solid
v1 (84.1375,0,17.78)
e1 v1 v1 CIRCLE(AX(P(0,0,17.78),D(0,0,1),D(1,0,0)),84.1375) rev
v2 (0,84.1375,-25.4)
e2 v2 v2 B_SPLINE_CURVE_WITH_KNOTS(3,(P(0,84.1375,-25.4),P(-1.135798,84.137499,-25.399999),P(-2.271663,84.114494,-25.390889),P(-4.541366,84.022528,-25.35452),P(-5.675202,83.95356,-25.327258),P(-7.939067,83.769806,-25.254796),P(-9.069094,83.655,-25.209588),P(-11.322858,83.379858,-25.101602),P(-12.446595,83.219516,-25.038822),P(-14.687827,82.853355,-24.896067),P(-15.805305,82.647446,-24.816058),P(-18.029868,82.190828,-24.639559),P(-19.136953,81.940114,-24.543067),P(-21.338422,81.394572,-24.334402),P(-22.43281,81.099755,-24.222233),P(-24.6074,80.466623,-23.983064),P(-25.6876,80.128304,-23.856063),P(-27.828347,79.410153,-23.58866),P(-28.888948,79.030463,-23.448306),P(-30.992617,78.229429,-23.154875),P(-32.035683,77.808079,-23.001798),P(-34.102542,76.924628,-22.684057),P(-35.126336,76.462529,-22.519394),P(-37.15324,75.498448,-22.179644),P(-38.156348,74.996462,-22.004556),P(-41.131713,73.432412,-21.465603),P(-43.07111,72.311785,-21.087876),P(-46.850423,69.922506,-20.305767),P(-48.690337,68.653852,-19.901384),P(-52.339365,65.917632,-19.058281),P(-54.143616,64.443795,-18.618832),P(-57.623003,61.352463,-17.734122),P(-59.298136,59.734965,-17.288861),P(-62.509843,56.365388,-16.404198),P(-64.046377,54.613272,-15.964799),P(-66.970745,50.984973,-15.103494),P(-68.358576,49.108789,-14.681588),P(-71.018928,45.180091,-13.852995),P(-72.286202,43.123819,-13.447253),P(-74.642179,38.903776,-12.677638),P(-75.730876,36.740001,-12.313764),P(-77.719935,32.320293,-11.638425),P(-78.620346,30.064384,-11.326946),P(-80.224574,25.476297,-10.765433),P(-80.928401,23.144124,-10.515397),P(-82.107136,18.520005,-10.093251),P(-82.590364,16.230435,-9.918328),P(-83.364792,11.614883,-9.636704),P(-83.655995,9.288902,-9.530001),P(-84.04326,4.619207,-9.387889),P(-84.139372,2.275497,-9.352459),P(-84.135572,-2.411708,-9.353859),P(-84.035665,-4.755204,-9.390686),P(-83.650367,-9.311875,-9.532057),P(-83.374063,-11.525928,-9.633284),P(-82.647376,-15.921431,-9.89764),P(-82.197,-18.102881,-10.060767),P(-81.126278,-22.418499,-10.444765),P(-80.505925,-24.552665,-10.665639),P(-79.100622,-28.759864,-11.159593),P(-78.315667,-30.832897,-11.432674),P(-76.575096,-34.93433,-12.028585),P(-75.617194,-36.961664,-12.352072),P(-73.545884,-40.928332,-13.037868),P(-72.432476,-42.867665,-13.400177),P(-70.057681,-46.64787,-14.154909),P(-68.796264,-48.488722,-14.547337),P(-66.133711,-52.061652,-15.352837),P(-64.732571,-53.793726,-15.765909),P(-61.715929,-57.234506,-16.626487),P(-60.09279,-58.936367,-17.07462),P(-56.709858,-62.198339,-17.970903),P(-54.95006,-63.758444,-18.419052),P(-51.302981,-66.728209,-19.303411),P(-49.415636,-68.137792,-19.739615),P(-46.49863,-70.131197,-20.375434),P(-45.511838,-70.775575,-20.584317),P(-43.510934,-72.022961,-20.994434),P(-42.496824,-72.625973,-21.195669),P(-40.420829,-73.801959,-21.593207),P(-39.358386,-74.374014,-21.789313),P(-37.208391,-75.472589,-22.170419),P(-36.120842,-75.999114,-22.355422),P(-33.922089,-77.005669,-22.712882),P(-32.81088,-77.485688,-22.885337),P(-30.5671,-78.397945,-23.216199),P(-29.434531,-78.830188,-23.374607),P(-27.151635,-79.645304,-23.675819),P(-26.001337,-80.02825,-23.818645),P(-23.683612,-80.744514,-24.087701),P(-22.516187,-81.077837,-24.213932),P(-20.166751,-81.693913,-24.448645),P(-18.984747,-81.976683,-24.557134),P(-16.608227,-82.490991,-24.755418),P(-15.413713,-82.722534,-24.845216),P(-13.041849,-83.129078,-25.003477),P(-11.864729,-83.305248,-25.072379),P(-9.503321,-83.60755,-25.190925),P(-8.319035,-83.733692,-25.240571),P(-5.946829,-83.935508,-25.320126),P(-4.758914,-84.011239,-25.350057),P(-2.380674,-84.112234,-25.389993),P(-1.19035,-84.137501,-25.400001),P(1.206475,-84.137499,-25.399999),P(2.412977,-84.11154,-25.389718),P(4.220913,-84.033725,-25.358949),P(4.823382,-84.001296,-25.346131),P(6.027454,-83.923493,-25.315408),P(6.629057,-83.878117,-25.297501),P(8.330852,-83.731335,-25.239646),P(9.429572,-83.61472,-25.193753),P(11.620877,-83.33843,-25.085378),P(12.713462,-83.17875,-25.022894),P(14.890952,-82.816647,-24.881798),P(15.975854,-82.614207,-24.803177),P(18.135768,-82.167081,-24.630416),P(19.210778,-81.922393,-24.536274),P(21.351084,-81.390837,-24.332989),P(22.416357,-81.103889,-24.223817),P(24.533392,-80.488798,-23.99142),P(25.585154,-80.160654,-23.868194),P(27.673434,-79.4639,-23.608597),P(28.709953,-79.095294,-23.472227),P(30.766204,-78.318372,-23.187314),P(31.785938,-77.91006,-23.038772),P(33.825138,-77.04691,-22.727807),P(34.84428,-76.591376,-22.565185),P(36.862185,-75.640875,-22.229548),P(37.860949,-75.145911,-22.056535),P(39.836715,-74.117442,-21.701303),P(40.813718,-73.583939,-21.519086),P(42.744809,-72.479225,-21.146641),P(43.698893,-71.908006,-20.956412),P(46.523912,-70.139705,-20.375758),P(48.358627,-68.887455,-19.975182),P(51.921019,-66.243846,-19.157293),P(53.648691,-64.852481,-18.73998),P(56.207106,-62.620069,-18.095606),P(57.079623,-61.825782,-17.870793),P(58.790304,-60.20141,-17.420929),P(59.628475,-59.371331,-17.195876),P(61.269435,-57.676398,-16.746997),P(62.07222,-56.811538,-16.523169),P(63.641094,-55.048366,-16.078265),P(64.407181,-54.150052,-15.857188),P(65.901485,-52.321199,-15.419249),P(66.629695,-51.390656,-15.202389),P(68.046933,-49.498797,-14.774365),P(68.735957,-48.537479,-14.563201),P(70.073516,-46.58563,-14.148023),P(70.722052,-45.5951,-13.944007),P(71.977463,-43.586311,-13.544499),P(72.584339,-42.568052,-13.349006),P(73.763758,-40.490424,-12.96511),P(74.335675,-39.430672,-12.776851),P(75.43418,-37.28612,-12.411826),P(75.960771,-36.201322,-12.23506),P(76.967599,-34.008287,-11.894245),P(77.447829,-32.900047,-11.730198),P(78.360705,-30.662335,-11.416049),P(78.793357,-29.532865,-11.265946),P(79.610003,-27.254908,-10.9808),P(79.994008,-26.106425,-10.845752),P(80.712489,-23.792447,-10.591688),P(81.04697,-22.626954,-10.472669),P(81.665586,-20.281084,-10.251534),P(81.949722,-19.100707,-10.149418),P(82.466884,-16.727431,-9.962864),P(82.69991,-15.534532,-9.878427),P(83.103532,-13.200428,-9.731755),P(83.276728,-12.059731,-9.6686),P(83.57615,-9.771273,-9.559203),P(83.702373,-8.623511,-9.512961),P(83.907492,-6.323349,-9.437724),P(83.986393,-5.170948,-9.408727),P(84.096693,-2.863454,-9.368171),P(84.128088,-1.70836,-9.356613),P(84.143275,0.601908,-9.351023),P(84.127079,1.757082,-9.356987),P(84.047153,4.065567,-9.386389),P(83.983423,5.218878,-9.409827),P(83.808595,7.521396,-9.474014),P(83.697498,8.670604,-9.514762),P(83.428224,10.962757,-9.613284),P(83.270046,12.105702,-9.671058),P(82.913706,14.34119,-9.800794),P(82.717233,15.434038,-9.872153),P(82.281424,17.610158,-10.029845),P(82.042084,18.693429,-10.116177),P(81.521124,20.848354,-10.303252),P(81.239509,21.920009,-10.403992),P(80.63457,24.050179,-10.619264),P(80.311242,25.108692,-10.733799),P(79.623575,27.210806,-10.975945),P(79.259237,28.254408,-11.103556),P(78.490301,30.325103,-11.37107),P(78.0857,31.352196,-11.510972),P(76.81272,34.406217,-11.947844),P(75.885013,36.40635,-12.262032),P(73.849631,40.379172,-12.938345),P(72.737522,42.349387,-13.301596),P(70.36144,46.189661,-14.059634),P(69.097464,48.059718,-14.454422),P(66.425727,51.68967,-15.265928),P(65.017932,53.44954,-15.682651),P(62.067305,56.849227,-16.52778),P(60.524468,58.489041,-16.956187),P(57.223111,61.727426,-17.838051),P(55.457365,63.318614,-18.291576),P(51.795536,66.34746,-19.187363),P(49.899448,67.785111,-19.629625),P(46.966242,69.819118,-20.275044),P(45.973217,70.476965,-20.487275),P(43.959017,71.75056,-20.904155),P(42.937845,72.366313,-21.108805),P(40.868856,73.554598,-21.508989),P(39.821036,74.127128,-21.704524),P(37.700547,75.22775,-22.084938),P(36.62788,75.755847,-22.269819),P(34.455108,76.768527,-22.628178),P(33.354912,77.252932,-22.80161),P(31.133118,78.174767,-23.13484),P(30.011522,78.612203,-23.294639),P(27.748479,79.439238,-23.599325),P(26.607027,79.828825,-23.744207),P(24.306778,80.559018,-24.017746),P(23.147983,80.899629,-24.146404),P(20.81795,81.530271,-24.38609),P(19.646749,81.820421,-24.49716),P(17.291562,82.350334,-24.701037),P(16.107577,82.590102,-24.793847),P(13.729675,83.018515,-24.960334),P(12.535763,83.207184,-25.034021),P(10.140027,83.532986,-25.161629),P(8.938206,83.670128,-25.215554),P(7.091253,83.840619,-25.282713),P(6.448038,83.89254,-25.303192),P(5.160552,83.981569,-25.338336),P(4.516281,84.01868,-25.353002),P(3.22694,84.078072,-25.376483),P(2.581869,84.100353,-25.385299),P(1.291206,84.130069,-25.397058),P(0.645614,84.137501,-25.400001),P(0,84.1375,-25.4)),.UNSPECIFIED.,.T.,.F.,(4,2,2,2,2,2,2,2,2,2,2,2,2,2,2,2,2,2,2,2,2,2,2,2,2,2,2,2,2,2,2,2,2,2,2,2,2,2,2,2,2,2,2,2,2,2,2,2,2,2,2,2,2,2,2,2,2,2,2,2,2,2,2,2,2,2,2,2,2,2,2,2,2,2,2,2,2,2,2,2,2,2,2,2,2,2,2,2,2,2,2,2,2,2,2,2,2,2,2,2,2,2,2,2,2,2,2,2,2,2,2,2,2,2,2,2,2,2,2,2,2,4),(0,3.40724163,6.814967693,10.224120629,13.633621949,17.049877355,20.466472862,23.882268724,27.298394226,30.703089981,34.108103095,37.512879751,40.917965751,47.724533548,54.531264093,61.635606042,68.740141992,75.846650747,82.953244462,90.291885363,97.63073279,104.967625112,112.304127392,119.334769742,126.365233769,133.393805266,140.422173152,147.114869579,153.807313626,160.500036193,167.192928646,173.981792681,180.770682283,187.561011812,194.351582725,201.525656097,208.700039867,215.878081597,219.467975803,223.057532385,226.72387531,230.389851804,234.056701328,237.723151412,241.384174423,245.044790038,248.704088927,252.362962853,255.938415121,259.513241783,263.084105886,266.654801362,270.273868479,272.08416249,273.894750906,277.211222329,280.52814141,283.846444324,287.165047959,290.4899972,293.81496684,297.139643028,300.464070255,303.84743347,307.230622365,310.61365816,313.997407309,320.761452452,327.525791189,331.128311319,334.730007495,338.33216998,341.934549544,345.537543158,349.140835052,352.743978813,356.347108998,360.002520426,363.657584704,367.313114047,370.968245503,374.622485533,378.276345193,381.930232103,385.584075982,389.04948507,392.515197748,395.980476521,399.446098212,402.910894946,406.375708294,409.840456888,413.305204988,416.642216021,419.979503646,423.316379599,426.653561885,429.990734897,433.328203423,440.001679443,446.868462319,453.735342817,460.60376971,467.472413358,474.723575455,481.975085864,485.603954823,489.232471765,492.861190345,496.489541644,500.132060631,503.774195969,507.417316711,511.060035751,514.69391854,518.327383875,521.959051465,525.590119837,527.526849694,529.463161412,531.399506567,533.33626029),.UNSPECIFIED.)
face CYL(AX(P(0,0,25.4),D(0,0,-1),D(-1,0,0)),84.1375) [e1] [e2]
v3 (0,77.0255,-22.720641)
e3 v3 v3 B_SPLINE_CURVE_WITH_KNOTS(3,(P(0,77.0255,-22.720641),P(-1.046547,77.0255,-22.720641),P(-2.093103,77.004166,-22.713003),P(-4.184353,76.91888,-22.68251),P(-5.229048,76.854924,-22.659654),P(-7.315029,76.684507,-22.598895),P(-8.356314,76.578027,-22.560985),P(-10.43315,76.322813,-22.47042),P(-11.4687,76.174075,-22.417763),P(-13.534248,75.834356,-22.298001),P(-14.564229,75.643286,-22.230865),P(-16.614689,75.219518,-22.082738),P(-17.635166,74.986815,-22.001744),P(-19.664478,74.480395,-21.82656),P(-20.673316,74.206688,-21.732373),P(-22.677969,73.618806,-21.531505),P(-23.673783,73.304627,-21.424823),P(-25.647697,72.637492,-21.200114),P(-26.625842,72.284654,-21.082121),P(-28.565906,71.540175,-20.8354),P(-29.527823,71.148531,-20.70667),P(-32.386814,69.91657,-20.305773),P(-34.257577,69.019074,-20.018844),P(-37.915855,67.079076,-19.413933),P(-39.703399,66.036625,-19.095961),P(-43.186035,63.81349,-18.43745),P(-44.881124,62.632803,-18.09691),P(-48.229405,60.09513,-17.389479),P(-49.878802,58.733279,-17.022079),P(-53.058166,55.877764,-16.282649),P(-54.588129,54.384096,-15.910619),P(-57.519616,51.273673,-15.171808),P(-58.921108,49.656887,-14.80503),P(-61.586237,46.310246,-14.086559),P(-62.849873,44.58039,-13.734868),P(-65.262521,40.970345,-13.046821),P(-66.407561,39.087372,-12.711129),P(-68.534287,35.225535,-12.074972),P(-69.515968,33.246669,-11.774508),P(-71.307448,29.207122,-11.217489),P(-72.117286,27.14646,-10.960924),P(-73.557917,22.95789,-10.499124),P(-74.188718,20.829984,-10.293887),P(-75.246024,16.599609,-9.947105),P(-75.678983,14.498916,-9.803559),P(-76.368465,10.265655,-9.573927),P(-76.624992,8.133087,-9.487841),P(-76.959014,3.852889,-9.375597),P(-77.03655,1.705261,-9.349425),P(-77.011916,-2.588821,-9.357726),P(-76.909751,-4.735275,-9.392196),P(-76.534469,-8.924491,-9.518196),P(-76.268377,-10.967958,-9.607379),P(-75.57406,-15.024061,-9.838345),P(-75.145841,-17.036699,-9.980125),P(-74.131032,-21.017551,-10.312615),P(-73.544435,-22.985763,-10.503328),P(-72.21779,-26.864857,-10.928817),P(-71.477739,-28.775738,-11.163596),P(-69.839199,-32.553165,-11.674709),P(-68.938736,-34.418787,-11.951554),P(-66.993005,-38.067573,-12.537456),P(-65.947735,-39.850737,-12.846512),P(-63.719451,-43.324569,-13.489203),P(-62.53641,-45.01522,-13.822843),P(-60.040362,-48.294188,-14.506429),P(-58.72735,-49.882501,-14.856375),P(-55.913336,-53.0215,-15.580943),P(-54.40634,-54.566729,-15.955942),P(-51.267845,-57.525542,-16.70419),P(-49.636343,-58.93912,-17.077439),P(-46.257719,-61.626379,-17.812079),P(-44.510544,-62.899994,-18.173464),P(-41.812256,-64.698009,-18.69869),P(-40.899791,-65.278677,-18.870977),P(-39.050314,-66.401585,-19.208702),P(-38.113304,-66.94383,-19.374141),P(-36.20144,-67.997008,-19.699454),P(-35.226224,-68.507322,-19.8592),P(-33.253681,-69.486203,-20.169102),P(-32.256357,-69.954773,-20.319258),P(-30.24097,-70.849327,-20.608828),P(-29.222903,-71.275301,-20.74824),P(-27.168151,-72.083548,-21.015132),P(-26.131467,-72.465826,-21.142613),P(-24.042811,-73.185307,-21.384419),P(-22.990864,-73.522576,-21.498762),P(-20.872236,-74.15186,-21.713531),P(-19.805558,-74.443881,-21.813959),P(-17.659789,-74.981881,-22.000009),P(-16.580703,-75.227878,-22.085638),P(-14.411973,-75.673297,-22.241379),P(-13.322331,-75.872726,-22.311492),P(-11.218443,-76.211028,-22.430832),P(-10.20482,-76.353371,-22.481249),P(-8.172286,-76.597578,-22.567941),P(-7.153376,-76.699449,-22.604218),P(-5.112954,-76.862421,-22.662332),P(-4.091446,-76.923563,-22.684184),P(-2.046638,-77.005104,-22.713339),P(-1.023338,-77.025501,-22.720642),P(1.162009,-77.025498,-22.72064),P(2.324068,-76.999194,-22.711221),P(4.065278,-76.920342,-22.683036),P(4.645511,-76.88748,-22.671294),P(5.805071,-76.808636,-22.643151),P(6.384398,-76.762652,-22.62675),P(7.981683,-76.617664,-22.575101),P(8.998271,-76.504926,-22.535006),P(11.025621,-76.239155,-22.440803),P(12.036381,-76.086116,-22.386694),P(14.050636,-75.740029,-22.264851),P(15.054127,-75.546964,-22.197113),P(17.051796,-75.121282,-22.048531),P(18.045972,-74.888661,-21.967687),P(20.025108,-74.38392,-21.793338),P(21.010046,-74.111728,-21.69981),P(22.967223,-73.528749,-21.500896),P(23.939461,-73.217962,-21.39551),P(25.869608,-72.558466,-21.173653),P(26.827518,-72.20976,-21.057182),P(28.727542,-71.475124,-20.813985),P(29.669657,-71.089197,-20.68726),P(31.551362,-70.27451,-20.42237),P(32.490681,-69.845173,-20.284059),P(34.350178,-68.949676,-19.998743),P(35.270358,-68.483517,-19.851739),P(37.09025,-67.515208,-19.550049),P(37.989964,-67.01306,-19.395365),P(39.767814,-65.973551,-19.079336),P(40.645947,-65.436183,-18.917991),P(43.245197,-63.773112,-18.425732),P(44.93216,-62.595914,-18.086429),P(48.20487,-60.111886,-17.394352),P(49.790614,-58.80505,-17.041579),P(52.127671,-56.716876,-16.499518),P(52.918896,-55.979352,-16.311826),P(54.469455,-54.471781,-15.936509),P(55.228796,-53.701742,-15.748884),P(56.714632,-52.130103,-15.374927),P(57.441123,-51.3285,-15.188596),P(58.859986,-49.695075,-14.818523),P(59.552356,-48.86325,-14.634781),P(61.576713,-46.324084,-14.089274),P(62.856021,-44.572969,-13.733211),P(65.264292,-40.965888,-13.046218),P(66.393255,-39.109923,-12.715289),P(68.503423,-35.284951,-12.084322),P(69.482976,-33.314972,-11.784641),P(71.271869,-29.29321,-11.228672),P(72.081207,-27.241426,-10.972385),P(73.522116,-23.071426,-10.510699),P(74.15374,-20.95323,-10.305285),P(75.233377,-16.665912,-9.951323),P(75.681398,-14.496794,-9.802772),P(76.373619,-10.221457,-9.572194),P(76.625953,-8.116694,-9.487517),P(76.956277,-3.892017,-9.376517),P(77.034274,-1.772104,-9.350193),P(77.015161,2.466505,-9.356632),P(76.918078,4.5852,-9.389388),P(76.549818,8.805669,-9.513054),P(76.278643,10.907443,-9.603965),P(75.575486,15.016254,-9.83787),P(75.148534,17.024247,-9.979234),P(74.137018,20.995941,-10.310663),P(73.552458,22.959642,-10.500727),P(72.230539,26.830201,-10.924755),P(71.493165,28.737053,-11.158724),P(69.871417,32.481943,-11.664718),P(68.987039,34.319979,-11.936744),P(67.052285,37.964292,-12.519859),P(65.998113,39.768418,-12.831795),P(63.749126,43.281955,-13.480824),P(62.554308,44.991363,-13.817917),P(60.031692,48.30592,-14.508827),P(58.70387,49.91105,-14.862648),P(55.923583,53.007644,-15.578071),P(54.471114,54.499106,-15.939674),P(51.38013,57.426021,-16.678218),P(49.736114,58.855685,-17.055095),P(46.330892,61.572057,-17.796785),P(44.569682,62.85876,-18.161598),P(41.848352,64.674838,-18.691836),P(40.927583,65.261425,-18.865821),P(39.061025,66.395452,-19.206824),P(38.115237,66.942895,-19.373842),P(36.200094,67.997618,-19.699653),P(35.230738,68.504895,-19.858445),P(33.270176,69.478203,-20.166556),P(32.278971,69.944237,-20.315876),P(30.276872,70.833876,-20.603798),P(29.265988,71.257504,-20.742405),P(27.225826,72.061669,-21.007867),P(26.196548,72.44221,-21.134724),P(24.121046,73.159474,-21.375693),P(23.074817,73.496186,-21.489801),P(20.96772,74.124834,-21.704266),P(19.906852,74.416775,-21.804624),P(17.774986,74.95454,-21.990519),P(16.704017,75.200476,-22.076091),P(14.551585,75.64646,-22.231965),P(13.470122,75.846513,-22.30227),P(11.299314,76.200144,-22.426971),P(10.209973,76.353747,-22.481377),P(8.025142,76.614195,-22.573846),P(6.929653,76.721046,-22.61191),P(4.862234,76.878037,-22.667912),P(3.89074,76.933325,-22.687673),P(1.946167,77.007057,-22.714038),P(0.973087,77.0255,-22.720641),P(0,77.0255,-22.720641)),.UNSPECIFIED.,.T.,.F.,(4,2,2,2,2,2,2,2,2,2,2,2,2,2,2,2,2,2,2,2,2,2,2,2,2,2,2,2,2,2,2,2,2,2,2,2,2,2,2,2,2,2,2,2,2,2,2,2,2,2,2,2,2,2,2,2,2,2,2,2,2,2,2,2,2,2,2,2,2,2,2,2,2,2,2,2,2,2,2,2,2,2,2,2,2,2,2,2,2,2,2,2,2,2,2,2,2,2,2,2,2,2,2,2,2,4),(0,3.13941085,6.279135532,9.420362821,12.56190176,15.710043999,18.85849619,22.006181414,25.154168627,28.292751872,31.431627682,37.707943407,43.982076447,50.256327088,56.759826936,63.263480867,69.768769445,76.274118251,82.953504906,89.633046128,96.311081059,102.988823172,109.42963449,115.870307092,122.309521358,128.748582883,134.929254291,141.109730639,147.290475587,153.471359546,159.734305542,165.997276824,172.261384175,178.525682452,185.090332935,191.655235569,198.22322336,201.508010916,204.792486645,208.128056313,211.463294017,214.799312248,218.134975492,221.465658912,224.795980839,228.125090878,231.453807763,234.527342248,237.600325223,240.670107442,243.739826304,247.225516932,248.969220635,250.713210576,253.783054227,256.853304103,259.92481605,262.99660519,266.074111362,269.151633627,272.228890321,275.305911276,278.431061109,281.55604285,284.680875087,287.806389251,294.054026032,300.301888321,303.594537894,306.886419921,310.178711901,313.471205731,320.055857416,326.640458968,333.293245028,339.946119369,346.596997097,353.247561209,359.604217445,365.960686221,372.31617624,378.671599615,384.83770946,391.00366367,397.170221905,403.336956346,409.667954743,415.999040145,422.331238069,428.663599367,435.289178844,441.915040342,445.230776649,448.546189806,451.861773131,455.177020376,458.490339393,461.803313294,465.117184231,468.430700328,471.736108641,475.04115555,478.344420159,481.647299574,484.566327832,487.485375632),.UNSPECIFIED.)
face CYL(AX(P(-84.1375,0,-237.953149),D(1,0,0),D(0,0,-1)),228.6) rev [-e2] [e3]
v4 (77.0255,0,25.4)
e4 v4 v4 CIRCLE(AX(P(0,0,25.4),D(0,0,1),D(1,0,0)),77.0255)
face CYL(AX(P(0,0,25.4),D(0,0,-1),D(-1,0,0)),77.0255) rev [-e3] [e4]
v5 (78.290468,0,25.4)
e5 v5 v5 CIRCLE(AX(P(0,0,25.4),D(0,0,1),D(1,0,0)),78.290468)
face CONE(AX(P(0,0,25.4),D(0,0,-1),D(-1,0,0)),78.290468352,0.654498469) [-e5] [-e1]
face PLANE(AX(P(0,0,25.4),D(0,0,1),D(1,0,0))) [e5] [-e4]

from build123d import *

# Parameters (mm, degrees)
SKETCH1_R               = 84.1375
SKETCH1_R_2             = 77.0255
EXTRUDE1_DEPTH          = 25.4
CHAMFER1_SIZE           = 7.62
CHAMFER1_SIZE2          = 5.847031648
CUT_EXTRUDE1_DEPTH      = 122.669214728
CUT_EXTRUDE2_DEPTH      = 122.669214887
CUT_EXTRUDE2_DEPTH_BACK = 122.669214887


with BuildPart() as part:
    # Sketch1 → Extrude1 (new, symmetric)
    with BuildSketch(Plane.XY):
        Circle(SKETCH1_R)
        Circle(SKETCH1_R_2, mode=Mode.SUBTRACT)
    extrude(amount=EXTRUDE1_DEPTH, both=True)

    # Chamfer1
    chamfer1_edges = [part.edges().sort_by_distance(p)[0] for p in [
        (-84.1375, 0, 25.4),
    ]]
    chamfer1_side = [part.faces().sort_by_distance(p)[0] for p in [
        (-84.1375, 0, 0),
    ]]
    chamfer(chamfer1_edges, length=CHAMFER1_SIZE, length2=CHAMFER1_SIZE2, reference=chamfer1_side[0])

    # Sketch2 → Cut-Extrude1 (cut, through all)
    with BuildSketch(Plane(origin=(0, 0, 0), x_dir=(0, 0, -1), z_dir=(1, 0, 0))):
        with BuildLine():
            Line((25.4, 84.1375), (25.4, -84.1375))
            ThreePointArc((25.4, -84.1375), (9.353148868, 0), (25.4, 84.1375))
        make_face()
    extrude(amount=-CUT_EXTRUDE1_DEPTH, mode=Mode.SUBTRACT)

    # Sketch2<2> → Cut-Extrude2 (cut, two sides: drawn at the far end of the back side and taken through both)
    with BuildSketch(Plane(origin=(0, 0, 0), x_dir=(0, 0, -1), z_dir=(1, 0, 0)).offset(-CUT_EXTRUDE2_DEPTH_BACK)):
        with BuildLine():
            Line((25.4, 84.1375), (25.4, -84.1375))
            ThreePointArc((25.4, -84.1375), (9.353148868, 0), (25.4, 84.1375))
        make_face()
    extrude(amount=CUT_EXTRUDE2_DEPTH + CUT_EXTRUDE2_DEPTH_BACK, mode=Mode.SUBTRACT)


solid = part.part
